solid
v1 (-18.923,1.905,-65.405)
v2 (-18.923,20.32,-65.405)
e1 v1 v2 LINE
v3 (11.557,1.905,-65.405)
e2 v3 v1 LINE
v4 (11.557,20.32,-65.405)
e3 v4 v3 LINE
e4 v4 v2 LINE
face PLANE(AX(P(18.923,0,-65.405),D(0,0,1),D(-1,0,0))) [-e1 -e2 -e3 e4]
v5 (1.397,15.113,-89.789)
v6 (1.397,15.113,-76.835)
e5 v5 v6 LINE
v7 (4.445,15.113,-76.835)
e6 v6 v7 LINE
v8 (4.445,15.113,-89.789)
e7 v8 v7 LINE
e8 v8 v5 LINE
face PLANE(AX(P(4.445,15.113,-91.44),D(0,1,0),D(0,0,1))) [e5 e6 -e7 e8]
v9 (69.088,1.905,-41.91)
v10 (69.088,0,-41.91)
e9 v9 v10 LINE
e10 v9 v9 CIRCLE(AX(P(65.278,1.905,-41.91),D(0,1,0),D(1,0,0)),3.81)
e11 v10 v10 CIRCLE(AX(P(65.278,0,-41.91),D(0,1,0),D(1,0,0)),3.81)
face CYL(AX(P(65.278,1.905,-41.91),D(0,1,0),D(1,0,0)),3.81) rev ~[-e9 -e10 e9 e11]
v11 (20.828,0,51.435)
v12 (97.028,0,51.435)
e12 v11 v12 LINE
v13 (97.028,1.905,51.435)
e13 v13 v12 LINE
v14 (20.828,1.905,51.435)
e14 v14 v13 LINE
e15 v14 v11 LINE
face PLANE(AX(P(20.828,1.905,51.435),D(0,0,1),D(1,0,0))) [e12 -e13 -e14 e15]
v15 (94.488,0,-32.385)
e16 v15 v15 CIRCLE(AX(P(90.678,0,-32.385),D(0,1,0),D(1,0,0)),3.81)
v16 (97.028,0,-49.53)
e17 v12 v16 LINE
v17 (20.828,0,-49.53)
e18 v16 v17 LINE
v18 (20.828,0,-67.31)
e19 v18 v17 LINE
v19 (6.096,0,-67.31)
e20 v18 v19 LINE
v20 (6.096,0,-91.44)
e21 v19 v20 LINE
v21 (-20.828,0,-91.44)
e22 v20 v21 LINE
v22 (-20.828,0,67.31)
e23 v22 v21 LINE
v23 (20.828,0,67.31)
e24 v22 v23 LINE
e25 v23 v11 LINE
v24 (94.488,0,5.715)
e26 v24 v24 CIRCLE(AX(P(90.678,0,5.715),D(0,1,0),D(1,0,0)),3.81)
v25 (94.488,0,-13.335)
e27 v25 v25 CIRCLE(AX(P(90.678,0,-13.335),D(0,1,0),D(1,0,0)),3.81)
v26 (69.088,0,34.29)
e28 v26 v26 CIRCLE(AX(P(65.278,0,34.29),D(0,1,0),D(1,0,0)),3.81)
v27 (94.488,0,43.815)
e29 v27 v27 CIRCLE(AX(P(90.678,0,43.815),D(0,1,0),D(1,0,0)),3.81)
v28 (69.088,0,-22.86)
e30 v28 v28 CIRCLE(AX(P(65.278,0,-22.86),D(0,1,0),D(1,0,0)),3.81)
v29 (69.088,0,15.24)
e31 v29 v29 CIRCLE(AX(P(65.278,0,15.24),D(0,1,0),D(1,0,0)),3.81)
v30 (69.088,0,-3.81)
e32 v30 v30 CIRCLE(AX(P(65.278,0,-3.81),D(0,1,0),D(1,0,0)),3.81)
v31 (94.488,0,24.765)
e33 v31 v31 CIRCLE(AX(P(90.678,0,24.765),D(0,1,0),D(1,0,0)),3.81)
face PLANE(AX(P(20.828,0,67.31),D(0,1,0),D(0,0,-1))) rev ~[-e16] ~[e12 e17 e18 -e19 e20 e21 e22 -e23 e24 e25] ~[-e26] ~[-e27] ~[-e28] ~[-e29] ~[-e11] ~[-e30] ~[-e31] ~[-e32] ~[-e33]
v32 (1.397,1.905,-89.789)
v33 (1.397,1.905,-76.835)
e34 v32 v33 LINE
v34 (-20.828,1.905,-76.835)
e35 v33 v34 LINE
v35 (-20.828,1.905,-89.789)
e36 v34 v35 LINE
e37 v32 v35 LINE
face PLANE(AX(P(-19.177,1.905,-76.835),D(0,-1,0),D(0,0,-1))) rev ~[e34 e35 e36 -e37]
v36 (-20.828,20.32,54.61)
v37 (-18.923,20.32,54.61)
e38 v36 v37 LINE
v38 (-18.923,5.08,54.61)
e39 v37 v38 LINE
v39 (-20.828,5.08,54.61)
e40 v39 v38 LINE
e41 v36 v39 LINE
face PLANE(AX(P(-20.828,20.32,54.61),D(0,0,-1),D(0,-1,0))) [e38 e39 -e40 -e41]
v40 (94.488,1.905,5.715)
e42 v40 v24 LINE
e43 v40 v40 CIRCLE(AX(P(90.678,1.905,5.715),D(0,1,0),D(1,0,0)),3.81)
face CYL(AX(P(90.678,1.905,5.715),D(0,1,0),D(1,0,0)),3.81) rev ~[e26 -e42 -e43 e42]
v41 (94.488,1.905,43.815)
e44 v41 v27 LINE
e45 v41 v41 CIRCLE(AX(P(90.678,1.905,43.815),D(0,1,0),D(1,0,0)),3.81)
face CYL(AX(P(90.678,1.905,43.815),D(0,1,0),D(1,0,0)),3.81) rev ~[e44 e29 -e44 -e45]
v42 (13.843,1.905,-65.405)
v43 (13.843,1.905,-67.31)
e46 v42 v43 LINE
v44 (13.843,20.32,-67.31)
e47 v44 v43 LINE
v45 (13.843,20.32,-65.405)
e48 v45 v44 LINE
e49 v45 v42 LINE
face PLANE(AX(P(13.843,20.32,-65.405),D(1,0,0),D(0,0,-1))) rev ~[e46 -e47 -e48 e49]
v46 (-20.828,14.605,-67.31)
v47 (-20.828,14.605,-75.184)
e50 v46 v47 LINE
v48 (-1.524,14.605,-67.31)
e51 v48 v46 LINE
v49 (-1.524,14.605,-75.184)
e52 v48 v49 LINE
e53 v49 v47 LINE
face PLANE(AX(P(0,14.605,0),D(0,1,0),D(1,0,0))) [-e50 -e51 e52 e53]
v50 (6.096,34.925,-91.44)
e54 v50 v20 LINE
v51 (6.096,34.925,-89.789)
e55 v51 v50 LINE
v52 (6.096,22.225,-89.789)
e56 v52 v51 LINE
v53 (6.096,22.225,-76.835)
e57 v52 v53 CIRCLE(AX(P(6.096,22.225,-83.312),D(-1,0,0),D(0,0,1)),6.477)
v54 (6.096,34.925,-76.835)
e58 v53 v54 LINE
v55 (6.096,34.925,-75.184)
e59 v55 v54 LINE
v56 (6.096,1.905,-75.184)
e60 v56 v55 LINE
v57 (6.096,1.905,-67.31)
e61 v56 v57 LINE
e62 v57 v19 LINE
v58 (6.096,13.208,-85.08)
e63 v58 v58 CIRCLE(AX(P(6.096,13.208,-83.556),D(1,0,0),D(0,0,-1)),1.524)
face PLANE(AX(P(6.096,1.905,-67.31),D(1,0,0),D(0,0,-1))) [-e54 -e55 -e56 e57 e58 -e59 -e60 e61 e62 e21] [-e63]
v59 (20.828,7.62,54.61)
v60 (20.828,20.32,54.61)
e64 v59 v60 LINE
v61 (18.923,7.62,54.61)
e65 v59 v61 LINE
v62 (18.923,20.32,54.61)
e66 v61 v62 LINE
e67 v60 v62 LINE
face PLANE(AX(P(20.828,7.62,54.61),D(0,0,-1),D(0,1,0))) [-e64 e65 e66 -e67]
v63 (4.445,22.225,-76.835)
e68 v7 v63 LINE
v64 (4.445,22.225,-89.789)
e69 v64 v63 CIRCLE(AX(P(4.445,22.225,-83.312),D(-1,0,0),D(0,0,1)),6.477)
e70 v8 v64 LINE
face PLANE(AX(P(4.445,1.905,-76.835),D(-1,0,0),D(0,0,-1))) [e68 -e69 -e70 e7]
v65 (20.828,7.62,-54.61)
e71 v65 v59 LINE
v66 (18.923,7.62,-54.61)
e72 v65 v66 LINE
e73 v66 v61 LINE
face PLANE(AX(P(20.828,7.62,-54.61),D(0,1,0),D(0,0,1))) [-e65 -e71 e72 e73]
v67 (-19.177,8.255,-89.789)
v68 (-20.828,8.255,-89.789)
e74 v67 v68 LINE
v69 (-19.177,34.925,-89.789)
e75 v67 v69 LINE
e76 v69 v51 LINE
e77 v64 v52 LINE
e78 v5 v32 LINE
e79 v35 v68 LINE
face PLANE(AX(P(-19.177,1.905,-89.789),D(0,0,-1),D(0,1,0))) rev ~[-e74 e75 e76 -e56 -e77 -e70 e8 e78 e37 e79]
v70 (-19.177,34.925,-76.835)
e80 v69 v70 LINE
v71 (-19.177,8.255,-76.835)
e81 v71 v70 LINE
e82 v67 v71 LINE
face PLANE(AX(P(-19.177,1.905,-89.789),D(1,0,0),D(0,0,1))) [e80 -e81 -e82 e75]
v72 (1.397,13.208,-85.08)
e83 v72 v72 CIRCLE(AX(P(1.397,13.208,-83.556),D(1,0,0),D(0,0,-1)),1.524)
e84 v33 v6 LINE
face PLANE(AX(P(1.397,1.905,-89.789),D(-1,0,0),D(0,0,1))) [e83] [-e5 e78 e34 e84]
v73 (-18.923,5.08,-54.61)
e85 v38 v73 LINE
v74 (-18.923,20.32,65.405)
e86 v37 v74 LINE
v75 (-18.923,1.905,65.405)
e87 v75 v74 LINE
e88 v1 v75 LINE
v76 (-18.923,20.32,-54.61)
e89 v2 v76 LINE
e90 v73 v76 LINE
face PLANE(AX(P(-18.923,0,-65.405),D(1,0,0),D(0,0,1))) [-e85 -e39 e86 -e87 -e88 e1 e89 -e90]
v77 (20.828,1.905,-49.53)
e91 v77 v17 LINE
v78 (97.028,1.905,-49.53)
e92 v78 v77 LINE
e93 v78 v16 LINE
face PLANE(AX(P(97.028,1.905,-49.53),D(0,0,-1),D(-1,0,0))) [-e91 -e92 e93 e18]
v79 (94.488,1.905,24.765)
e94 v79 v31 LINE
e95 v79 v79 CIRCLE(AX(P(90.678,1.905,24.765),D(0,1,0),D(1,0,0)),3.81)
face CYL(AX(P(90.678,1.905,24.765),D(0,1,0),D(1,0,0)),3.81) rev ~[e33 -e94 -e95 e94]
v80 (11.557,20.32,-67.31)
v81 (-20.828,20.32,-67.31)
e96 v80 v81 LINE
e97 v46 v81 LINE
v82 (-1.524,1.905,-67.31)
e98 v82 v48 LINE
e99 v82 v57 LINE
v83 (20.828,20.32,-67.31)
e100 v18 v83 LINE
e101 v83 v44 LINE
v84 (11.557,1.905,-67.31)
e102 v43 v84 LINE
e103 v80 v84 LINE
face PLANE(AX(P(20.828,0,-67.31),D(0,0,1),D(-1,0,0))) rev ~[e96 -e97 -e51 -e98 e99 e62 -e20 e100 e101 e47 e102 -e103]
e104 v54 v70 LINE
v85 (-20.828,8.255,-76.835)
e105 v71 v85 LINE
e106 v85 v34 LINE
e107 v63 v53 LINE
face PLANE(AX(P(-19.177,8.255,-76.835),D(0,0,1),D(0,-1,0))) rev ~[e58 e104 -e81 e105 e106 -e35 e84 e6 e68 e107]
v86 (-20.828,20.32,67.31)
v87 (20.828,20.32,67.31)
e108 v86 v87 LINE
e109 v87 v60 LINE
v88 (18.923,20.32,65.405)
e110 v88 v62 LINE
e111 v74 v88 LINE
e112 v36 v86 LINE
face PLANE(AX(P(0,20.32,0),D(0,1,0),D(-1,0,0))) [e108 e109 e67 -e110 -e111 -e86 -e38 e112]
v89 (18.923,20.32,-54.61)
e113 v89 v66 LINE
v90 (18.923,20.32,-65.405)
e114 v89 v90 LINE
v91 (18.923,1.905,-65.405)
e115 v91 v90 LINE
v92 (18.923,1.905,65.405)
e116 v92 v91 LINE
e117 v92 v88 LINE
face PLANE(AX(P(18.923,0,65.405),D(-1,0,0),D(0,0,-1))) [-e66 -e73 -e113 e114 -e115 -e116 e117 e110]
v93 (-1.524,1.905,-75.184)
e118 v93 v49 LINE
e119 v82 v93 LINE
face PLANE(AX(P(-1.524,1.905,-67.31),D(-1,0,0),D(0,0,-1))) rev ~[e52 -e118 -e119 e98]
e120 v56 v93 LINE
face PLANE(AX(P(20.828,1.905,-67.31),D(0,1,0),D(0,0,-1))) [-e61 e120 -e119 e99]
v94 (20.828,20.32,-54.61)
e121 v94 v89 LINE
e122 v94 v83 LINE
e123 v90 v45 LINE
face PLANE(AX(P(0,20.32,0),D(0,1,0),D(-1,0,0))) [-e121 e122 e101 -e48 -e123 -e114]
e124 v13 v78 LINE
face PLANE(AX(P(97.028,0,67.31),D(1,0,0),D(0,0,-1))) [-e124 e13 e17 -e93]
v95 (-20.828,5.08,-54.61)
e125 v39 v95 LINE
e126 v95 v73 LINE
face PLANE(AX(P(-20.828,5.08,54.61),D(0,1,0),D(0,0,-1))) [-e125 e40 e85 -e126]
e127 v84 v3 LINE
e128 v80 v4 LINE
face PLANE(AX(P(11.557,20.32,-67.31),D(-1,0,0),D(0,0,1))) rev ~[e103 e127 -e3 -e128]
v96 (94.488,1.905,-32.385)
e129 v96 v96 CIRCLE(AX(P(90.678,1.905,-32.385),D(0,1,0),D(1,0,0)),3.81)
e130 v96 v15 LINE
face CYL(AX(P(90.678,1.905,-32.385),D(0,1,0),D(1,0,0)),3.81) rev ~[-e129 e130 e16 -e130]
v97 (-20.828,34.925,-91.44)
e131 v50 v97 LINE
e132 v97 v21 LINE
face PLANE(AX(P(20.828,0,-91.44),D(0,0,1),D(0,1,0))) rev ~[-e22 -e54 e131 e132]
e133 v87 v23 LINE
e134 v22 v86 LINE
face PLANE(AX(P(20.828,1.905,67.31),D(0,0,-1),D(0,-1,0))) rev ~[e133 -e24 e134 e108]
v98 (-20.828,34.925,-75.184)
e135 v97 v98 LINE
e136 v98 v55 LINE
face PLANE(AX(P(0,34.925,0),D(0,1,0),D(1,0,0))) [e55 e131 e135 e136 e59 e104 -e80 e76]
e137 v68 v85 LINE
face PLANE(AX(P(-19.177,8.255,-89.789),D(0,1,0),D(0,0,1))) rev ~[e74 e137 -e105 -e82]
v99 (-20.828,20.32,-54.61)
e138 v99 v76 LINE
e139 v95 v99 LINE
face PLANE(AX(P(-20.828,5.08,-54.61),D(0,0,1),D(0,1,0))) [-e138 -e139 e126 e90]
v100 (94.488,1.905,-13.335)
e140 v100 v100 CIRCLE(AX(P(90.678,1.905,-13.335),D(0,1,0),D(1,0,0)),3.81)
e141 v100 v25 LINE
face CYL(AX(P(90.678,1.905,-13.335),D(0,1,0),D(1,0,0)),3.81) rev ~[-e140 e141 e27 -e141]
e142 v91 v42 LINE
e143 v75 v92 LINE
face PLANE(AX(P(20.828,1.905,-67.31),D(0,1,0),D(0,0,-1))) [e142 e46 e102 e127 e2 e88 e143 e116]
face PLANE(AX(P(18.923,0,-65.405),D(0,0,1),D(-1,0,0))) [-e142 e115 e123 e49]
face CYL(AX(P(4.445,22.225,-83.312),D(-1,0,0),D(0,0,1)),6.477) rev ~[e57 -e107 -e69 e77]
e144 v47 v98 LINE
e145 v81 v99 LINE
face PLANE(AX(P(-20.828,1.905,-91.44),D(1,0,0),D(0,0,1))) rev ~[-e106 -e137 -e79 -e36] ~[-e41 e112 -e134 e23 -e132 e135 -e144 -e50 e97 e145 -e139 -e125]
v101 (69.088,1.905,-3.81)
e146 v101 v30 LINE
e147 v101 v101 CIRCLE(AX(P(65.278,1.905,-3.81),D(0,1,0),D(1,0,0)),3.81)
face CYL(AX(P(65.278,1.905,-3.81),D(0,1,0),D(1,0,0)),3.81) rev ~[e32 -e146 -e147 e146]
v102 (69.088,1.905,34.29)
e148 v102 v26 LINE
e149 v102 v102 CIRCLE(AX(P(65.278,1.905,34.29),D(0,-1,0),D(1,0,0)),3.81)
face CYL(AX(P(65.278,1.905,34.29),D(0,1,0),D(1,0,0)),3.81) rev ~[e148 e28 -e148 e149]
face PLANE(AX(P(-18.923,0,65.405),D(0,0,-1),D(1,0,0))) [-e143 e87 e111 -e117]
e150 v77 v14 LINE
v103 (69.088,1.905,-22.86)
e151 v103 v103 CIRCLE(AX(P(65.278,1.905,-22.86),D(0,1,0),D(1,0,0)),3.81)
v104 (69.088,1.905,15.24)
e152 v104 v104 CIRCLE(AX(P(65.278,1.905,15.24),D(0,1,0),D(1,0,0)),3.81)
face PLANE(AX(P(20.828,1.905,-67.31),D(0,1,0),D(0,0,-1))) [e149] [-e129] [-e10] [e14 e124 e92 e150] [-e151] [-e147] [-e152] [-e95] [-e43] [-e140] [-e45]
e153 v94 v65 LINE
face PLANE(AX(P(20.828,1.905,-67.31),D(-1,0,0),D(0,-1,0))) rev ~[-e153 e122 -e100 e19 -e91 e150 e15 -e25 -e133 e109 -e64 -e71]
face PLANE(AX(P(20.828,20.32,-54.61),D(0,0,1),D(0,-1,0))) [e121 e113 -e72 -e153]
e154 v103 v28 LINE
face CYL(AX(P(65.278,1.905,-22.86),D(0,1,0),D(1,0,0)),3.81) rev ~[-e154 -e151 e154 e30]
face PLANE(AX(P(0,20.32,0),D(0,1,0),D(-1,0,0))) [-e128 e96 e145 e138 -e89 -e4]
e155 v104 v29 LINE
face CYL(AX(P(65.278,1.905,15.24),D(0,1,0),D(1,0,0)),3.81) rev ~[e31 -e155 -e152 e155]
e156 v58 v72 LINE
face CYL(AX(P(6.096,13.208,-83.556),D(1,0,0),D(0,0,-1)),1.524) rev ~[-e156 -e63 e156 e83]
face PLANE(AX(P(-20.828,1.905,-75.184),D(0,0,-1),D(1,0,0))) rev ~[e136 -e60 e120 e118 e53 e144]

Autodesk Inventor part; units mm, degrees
ref_plane "YZ Plane" through (0, 0, 0) normal (1, 0, 0) x (0, 1, 0)
ref_plane "XZ Plane" through (0, 0, 0) normal (0, 1, 0) x (-1, 0, 0)
ref_plane "XY Plane" through (0, 0, 0) normal (0, 0, 1) x (1, 0, 0)
sketch "Sketch1" plane through (0, 0, 0) normal (0, 1, 0) x (-1, 0, 0)
  line L0 (18.923, 65.405) -> (-18.923, 65.405)
  line L1 (-18.923, 65.405) -> (-18.923, -65.405)
  line L2 (-18.923, -65.405) -> (18.923, -65.405)
  line L3 (18.923, -65.405) -> (18.923, 65.405)
  line L4 (18.923, 65.405) -> (-18.923, -65.405) construction
  line L5 (-18.923, 65.405) -> (18.923, -65.405) construction
  line L6 (20.828, 67.31) -> (-20.828, 67.31)
  line L7 (-20.828, 67.31) -> (-20.828, -67.31)
  line L8 (-20.828, -67.31) -> (20.828, -67.31)
  line L9 (20.828, -67.31) -> (20.828, 67.31)
  point P0 (0, 0)
  dimension "d0" = 37.846
  dimension "d1" = 130.81
  dimension "d2" = 1.905
extrude "Extrusion1" add sketch "Sketch1" along normal blind 20.32
extrude "Extrusion2" add sketch "Sketch1" along normal blind 1.905 contours L3 L2 L1 L0
sketch "Sketch2" plane through (20.828, 0, 67.31) normal (1, 0, 0) x (0, 0, -1)
  line L0 (12.7, 20.32) -> (121.92, 20.32)
  line L1 (121.92, 20.32) -> (121.92, 7.62)
  line L2 (121.92, 7.62) -> (12.7, 7.62)
  line L3 (12.7, 7.62) -> (12.7, 20.32)
  line L4 (0, 0) -> (0, 20.32) projected
  line L5 (134.62, 0) -> (134.62, 20.32) projected
  line L6 (0, 20.32) -> (134.62, 20.32) projected
  line L7 (0, 0) -> (134.62, 0) projected
  point P0 (67.31, 0)
  dimension "d7" = 12.7
  dimension "d8" = 12.7
  dimension "d9" = 7.62
extrude "Extrusion3" cut sketch "Sketch2" against normal blind 1.905 contours L0 L1 L2 L3
sketch "Sketch3" plane through (-20.828, 0, -67.31) normal (-1, 0, 0) x (0, 0, 1)
  line L0 (12.7, 20.32) -> (121.92, 20.32)
  line L1 (121.92, 20.32) -> (121.92, 5.08)
  line L2 (121.92, 5.08) -> (12.7, 5.08)
  line L3 (12.7, 5.08) -> (12.7, 20.32)
  line L4 (0, 20.32) -> (134.62, 20.32) projected
  line L5 (0, 0) -> (0, 20.32) projected
  line L6 (134.62, 0) -> (134.62, 20.32) projected
  line L7 (0, 0) -> (134.62, 0) projected
  point P0 (67.31, 0)
  dimension "d12" = 12.7
  dimension "d13" = 12.7
  dimension "d14" = 5.08
extrude "Extrusion4" cut sketch "Sketch3" against normal blind 1.905 contours L0 L1 L2 L3
sketch "Sketch4" plane through (0, 20.32, 0) normal (0, 1, 0) x (1, 0, 0)
  line L0 (20.828, 67.31) -> (-20.828, 67.31) projected
  line L1 (-18.923, 65.405) -> (18.923, 65.405) projected
  line L2 (13.843, 67.31) -> (11.557, 67.31)
  line L3 (11.557, 67.31) -> (11.557, 65.405)
  line L4 (11.557, 65.405) -> (13.843, 65.405)
  line L5 (13.843, 65.405) -> (13.843, 67.31)
  line L6 (18.923, 65.405) -> (18.923, 54.61) projected
  line L7 (-18.923, 54.61) -> (-18.923, 65.405) projected
  point P0 (0, 0)
  dimension "d17" = 5.08
  dimension "d18" = 30.48
extrude "Extrusion5" cut sketch "Sketch4" against normal up to surface (18.415 mm away)
sketch "Sketch5" plane through (20.828, 0, -67.31) normal (0, 0, -1) x (-1, 0, 0)
  line L0 (0, 0) -> (41.656, 0) projected
  line L1 (0, 0) -> (41.656, 0)
  line L2 (41.656, 0) -> (41.656, 1.905)
  line L3 (41.656, 1.905) -> (0, 1.905)
  line L4 (0, 1.905) -> (0, 0)
  line L5 (9.271, 1.905) -> (6.985, 1.905) projected
  line L6 (41.656, 0) -> (41.656, 20.32) projected
  point P0 (20.828, 0)
extrude "Extrusion6" add sketch "Sketch5" along normal blind 24.13
sketch "Sketch6" plane through (0, 1.905, 0) normal (0, 1, 0) x (1, 0, 0)
  line L0 (-19.177, 76.835) -> (4.445, 76.835)
  line L1 (4.445, 76.835) -> (4.445, 89.789)
  line L2 (4.445, 89.789) -> (-19.177, 89.789)
  line L3 (-19.177, 89.789) -> (-19.177, 76.835)
  line L4 (18.923, 65.405) -> (18.923, 54.61) projected
  line L5 (11.557, 67.31) -> (-20.828, 67.31) projected
  line L6 (-20.828, 75.184) -> (6.096, 75.184)
  line L7 (6.096, 75.184) -> (6.096, 91.44)
  line L8 (6.096, 91.44) -> (-20.828, 91.44)
  line L9 (-20.828, 91.44) -> (-20.828, 75.184)
  line L10 (-20.828, 91.44) -> (20.828, 91.44) projected
  line L11 (-20.828, 67.31) -> (-20.828, 91.44) projected
  line L12 (-18.923, 65.405) -> (11.557, 65.405) projected
  point P0 (0, 0)
  dimension "d24" = 12.954
  dimension "d26" = 23.622
  dimension "d32" = 11.43
extrude "Extrusion7" add sketch "Sketch6" along normal blind 33.02
sketch "Sketch8" plane through (4.445, 1.905, -89.789) normal (-1, 0, 0) x (0, 0, 1)
  circle A0 centre (6.477, 20.32) radius 6.477
  line L0 (0, 0) -> (0, 33.02) projected
  line L1 (12.954, 0) -> (12.954, 33.02) projected
  line L2 (0, 0) -> (12.954, 0) projected
  line L3 (12.954, 20.32) -> (12.954, 33.02)
  line L4 (0, 33.02) -> (0, 20.32)
  line L5 (12.954, 33.02) -> (0, 33.02)
  line L6 (12.954, 20.32) -> (12.954, 33.02)
  line L7 (0, 33.02) -> (0, 20.32)
  point P0 (89.789, -1.905)
  dimension "d29" = 20.32
extrude "Extrusion8" cut sketch "Sketch8" against normal blind 33.02 contours A0 | A0 L0 L5 L1
sketch "Sketch10" plane through (4.445, 1.905, -89.789) normal (-1, 0, 0) x (0, 0, 1)
  line L0 (-1.651, 0) -> (14.605, 0) projected
  line L1 (-1.651, 0) -> (-1.651, 33.02) projected
  line L2 (14.605, 0) -> (-1.651, 0)
  line L3 (-1.651, 0) -> (-1.651, 13.208)
  line L4 (-1.651, 13.208) -> (14.605, 13.208)
  line L5 (14.605, 13.208) -> (14.605, 0)
  arc A0 (0, 20.32) -> (12.954, 20.32) centre (6.477, 20.32) ccw projected
  point P0 (89.789, -1.905)
  point P1 (6.477, 13.843)
  point P2 (6.477, 13.208)
  dimension "d37" = 0.635
extrude "Extrusion10" add sketch "Sketch10" along normal blind 3.048
sketch "Sketch9" plane through (6.096, 1.905, -75.184) normal (1, 0, 0) x (0, 0, -1)
  arc A0 (1.651, 20.32) -> (14.605, 20.32) centre (8.128, 20.32) ccw projected
  circle A1 centre (8.372, 11.303) radius 1.524
  point P0 (-75.184, -1.905)
  point P1 (8.128, 13.843)
  dimension "d33" = 2.54
  dimension "d34" = 3.048
extrude "Extrusion9" cut sketch "Sketch9" against normal up to surface (25.273 mm away)
sketch "Sketch11" plane through (20.828, 0, 67.31) normal (1, 0, 0) x (0, 0, -1)
  line L0 (134.62, 1.905) -> (158.75, 1.905) projected
  line L1 (0, 0) -> (158.75, 0)
  line L2 (158.75, 0) -> (158.75, 1.905)
  line L3 (158.75, 1.905) -> (0, 1.905)
  line L4 (0, 1.905) -> (0, 0)
  point P0 (67.31, 0)
extrude "Extrusion11" add sketch "Sketch11" along normal blind 76.2
sketch "Sketch12" plane through (0, 1.905, 0) normal (0, 1, 0) x (1, 0, 0)
  circle A0 centre (90.678, -43.815) radius 3.81
  line L0 (20.828, 54.61) -> (20.828, -54.61) projected
  line L1 (18.923, -65.405) -> (-18.923, -65.405) projected
  line L2 (20.828, -51.435) -> (97.028, -51.435)
  line L3 (97.028, 91.44) -> (97.028, -67.31) projected
  line L4 (97.028, -67.31) -> (20.828, -67.31)
  line L5 (20.828, -67.31) -> (20.828, -51.435)
  line L6 (97.028, -36.195) -> (20.828, -36.195)
  line L7 (-20.828, 91.44) -> (97.028, 91.44) projected
  line L8 (20.828, 91.44) -> (97.028, 91.44)
  line L9 (97.028, 91.44) -> (97.028, -36.195)
  line L10 (20.828, -36.195) -> (97.028, -36.195)
  line L11 (97.028, -36.195) -> (97.028, 91.44)
  line L12 (97.028, 91.44) -> (20.828, 91.44)
  line L13 (20.828, 91.44) -> (20.828, -36.195)
  line L14 (6.096, 91.44) -> (97.028, 91.44)
  line L15 (97.028, 91.44) -> (97.028, 67.31)
  line L16 (6.096, 67.31) -> (6.096, 91.44)
  line L17 (6.096, 89.789) -> (6.096, 91.44) projected
  line L18 (20.828, 67.31) -> (13.843, 67.31) projected
  circle A1 centre (65.278, -34.29) radius 3.81
  circle A2 centre (90.678, -24.765) radius 3.81
  circle A3 centre (90.678, -5.715) radius 3.81
  circle A4 centre (90.678, 13.335) radius 3.81
  circle A5 centre (90.678, 32.385) radius 3.81
  circle A6 centre (65.278, -15.24) radius 3.81
  circle A7 centre (65.278, 3.81) radius 3.81
  circle A8 centre (65.278, 22.86) radius 3.81
  circle A9 centre (65.278, 41.91) radius 3.81
  line L19 (20.828, 91.44) -> (97.028, 91.44)
  line L20 (97.028, 91.44) -> (97.028, 49.53)
  line L21 (97.028, 49.53) -> (20.828, 49.53)
  line L22 (20.828, 49.53) -> (20.828, 91.44)
  line L23 (6.096, 67.31) -> (20.828, 67.31)
  line L24 (20.828, 67.31) -> (20.828, 91.44)
  line L25 (20.828, 91.44) -> (6.096, 91.44)
  line L26 (6.096, 91.44) -> (6.096, 67.31)
  point P0 (0, 0)
  point P1 (97.028, -36.195)
  point P2 (20.828, -54.61)
  point P3 (6.096, 90.5705)
  point P4 (5.715, 89.789)
  point P5 (20.828, 49.53)
  dimension "d42" = 7.62
  dimension "d44" = 21.59
  dimension "d45" = 7.62
  dimension "d46" = 7.62
  dimension "d59" = 7.62
  dimension "d76" = 69.85
  dimension "d79" = 19.05
  dimension "d84" = 9.525
  dimension "d87" = 19.05
  dimension "d92" = 25.4
  dimension "d93" = 7.62
extrude "Extrusion12" cut sketch "Sketch12" against normal blind 57.15 contours A0 | L13 L7 L3 L21 L0 | L18 L23 L16 L7 L13 | L2 L3 L4 L5 L0 | A1 L6 | L6 A1 | A2 | A3 | A4 | A5 | A6 | A7 | A8 | A9
sketch "Sketch13" plane through (0, 1.905, 0) normal (0, 1, 0) x (1, 0, 0)
  line L0 (11.557, 67.31) -> (-20.828, 67.31) projected
  line L1 (-20.828, 75.184) -> (6.096, 75.184) projected
  line L2 (-13.208, 67.31) -> (-1.524, 67.31)
  line L3 (-1.524, 67.31) -> (-1.524, 75.184)
  line L4 (-1.524, 75.184) -> (-13.208, 75.184)
  line L5 (-13.208, 75.184) -> (-13.208, 67.31)
  line L6 (-20.828, 67.31) -> (-20.828, 75.184) projected
  line L7 (6.096, 91.44) -> (6.096, 75.184) projected
  point P0 (0, 0)
  point P1 (-20.828, 71.247)
  point P2 (-13.208, 71.247)
  point P3 (6.096, 67.31)
  point P4 (-1.524, 67.31)
  point P5 (-13.208, 75.184)
  point P6 (-1.524, 67.31)
  dimension "d49" = 7.62
  dimension "d50" = 7.62
extrude "Extrusion13" add sketch "Sketch13" along normal blind 12.7
sketch "Sketch15" plane through (-19.177, 1.905, -76.835) normal (1, 0, 0) x (0, 0, -1)
  line L0 (0, 0) -> (12.954, 0)
  line L1 (12.954, 0) -> (12.954, 6.35)
  line L2 (12.954, 6.35) -> (0, 6.35)
  line L3 (0, 6.35) -> (0, 0)
  line L4 (-144.145, -1.905) -> (14.605, -1.905) projected
  line L5 (14.605, -1.905) -> (14.605, 33.02) projected
  point P0 (-76.835, -1.905)
  dimension "d94" = 12.954
  dimension "d95" = 6.35
  dimension "d96" = 1.905
  dimension "d97" = 1.651
extrude "Extrusion14" cut sketch "Sketch15" against normal blind 57.15
properties part number "HarmonicaFrame2"
